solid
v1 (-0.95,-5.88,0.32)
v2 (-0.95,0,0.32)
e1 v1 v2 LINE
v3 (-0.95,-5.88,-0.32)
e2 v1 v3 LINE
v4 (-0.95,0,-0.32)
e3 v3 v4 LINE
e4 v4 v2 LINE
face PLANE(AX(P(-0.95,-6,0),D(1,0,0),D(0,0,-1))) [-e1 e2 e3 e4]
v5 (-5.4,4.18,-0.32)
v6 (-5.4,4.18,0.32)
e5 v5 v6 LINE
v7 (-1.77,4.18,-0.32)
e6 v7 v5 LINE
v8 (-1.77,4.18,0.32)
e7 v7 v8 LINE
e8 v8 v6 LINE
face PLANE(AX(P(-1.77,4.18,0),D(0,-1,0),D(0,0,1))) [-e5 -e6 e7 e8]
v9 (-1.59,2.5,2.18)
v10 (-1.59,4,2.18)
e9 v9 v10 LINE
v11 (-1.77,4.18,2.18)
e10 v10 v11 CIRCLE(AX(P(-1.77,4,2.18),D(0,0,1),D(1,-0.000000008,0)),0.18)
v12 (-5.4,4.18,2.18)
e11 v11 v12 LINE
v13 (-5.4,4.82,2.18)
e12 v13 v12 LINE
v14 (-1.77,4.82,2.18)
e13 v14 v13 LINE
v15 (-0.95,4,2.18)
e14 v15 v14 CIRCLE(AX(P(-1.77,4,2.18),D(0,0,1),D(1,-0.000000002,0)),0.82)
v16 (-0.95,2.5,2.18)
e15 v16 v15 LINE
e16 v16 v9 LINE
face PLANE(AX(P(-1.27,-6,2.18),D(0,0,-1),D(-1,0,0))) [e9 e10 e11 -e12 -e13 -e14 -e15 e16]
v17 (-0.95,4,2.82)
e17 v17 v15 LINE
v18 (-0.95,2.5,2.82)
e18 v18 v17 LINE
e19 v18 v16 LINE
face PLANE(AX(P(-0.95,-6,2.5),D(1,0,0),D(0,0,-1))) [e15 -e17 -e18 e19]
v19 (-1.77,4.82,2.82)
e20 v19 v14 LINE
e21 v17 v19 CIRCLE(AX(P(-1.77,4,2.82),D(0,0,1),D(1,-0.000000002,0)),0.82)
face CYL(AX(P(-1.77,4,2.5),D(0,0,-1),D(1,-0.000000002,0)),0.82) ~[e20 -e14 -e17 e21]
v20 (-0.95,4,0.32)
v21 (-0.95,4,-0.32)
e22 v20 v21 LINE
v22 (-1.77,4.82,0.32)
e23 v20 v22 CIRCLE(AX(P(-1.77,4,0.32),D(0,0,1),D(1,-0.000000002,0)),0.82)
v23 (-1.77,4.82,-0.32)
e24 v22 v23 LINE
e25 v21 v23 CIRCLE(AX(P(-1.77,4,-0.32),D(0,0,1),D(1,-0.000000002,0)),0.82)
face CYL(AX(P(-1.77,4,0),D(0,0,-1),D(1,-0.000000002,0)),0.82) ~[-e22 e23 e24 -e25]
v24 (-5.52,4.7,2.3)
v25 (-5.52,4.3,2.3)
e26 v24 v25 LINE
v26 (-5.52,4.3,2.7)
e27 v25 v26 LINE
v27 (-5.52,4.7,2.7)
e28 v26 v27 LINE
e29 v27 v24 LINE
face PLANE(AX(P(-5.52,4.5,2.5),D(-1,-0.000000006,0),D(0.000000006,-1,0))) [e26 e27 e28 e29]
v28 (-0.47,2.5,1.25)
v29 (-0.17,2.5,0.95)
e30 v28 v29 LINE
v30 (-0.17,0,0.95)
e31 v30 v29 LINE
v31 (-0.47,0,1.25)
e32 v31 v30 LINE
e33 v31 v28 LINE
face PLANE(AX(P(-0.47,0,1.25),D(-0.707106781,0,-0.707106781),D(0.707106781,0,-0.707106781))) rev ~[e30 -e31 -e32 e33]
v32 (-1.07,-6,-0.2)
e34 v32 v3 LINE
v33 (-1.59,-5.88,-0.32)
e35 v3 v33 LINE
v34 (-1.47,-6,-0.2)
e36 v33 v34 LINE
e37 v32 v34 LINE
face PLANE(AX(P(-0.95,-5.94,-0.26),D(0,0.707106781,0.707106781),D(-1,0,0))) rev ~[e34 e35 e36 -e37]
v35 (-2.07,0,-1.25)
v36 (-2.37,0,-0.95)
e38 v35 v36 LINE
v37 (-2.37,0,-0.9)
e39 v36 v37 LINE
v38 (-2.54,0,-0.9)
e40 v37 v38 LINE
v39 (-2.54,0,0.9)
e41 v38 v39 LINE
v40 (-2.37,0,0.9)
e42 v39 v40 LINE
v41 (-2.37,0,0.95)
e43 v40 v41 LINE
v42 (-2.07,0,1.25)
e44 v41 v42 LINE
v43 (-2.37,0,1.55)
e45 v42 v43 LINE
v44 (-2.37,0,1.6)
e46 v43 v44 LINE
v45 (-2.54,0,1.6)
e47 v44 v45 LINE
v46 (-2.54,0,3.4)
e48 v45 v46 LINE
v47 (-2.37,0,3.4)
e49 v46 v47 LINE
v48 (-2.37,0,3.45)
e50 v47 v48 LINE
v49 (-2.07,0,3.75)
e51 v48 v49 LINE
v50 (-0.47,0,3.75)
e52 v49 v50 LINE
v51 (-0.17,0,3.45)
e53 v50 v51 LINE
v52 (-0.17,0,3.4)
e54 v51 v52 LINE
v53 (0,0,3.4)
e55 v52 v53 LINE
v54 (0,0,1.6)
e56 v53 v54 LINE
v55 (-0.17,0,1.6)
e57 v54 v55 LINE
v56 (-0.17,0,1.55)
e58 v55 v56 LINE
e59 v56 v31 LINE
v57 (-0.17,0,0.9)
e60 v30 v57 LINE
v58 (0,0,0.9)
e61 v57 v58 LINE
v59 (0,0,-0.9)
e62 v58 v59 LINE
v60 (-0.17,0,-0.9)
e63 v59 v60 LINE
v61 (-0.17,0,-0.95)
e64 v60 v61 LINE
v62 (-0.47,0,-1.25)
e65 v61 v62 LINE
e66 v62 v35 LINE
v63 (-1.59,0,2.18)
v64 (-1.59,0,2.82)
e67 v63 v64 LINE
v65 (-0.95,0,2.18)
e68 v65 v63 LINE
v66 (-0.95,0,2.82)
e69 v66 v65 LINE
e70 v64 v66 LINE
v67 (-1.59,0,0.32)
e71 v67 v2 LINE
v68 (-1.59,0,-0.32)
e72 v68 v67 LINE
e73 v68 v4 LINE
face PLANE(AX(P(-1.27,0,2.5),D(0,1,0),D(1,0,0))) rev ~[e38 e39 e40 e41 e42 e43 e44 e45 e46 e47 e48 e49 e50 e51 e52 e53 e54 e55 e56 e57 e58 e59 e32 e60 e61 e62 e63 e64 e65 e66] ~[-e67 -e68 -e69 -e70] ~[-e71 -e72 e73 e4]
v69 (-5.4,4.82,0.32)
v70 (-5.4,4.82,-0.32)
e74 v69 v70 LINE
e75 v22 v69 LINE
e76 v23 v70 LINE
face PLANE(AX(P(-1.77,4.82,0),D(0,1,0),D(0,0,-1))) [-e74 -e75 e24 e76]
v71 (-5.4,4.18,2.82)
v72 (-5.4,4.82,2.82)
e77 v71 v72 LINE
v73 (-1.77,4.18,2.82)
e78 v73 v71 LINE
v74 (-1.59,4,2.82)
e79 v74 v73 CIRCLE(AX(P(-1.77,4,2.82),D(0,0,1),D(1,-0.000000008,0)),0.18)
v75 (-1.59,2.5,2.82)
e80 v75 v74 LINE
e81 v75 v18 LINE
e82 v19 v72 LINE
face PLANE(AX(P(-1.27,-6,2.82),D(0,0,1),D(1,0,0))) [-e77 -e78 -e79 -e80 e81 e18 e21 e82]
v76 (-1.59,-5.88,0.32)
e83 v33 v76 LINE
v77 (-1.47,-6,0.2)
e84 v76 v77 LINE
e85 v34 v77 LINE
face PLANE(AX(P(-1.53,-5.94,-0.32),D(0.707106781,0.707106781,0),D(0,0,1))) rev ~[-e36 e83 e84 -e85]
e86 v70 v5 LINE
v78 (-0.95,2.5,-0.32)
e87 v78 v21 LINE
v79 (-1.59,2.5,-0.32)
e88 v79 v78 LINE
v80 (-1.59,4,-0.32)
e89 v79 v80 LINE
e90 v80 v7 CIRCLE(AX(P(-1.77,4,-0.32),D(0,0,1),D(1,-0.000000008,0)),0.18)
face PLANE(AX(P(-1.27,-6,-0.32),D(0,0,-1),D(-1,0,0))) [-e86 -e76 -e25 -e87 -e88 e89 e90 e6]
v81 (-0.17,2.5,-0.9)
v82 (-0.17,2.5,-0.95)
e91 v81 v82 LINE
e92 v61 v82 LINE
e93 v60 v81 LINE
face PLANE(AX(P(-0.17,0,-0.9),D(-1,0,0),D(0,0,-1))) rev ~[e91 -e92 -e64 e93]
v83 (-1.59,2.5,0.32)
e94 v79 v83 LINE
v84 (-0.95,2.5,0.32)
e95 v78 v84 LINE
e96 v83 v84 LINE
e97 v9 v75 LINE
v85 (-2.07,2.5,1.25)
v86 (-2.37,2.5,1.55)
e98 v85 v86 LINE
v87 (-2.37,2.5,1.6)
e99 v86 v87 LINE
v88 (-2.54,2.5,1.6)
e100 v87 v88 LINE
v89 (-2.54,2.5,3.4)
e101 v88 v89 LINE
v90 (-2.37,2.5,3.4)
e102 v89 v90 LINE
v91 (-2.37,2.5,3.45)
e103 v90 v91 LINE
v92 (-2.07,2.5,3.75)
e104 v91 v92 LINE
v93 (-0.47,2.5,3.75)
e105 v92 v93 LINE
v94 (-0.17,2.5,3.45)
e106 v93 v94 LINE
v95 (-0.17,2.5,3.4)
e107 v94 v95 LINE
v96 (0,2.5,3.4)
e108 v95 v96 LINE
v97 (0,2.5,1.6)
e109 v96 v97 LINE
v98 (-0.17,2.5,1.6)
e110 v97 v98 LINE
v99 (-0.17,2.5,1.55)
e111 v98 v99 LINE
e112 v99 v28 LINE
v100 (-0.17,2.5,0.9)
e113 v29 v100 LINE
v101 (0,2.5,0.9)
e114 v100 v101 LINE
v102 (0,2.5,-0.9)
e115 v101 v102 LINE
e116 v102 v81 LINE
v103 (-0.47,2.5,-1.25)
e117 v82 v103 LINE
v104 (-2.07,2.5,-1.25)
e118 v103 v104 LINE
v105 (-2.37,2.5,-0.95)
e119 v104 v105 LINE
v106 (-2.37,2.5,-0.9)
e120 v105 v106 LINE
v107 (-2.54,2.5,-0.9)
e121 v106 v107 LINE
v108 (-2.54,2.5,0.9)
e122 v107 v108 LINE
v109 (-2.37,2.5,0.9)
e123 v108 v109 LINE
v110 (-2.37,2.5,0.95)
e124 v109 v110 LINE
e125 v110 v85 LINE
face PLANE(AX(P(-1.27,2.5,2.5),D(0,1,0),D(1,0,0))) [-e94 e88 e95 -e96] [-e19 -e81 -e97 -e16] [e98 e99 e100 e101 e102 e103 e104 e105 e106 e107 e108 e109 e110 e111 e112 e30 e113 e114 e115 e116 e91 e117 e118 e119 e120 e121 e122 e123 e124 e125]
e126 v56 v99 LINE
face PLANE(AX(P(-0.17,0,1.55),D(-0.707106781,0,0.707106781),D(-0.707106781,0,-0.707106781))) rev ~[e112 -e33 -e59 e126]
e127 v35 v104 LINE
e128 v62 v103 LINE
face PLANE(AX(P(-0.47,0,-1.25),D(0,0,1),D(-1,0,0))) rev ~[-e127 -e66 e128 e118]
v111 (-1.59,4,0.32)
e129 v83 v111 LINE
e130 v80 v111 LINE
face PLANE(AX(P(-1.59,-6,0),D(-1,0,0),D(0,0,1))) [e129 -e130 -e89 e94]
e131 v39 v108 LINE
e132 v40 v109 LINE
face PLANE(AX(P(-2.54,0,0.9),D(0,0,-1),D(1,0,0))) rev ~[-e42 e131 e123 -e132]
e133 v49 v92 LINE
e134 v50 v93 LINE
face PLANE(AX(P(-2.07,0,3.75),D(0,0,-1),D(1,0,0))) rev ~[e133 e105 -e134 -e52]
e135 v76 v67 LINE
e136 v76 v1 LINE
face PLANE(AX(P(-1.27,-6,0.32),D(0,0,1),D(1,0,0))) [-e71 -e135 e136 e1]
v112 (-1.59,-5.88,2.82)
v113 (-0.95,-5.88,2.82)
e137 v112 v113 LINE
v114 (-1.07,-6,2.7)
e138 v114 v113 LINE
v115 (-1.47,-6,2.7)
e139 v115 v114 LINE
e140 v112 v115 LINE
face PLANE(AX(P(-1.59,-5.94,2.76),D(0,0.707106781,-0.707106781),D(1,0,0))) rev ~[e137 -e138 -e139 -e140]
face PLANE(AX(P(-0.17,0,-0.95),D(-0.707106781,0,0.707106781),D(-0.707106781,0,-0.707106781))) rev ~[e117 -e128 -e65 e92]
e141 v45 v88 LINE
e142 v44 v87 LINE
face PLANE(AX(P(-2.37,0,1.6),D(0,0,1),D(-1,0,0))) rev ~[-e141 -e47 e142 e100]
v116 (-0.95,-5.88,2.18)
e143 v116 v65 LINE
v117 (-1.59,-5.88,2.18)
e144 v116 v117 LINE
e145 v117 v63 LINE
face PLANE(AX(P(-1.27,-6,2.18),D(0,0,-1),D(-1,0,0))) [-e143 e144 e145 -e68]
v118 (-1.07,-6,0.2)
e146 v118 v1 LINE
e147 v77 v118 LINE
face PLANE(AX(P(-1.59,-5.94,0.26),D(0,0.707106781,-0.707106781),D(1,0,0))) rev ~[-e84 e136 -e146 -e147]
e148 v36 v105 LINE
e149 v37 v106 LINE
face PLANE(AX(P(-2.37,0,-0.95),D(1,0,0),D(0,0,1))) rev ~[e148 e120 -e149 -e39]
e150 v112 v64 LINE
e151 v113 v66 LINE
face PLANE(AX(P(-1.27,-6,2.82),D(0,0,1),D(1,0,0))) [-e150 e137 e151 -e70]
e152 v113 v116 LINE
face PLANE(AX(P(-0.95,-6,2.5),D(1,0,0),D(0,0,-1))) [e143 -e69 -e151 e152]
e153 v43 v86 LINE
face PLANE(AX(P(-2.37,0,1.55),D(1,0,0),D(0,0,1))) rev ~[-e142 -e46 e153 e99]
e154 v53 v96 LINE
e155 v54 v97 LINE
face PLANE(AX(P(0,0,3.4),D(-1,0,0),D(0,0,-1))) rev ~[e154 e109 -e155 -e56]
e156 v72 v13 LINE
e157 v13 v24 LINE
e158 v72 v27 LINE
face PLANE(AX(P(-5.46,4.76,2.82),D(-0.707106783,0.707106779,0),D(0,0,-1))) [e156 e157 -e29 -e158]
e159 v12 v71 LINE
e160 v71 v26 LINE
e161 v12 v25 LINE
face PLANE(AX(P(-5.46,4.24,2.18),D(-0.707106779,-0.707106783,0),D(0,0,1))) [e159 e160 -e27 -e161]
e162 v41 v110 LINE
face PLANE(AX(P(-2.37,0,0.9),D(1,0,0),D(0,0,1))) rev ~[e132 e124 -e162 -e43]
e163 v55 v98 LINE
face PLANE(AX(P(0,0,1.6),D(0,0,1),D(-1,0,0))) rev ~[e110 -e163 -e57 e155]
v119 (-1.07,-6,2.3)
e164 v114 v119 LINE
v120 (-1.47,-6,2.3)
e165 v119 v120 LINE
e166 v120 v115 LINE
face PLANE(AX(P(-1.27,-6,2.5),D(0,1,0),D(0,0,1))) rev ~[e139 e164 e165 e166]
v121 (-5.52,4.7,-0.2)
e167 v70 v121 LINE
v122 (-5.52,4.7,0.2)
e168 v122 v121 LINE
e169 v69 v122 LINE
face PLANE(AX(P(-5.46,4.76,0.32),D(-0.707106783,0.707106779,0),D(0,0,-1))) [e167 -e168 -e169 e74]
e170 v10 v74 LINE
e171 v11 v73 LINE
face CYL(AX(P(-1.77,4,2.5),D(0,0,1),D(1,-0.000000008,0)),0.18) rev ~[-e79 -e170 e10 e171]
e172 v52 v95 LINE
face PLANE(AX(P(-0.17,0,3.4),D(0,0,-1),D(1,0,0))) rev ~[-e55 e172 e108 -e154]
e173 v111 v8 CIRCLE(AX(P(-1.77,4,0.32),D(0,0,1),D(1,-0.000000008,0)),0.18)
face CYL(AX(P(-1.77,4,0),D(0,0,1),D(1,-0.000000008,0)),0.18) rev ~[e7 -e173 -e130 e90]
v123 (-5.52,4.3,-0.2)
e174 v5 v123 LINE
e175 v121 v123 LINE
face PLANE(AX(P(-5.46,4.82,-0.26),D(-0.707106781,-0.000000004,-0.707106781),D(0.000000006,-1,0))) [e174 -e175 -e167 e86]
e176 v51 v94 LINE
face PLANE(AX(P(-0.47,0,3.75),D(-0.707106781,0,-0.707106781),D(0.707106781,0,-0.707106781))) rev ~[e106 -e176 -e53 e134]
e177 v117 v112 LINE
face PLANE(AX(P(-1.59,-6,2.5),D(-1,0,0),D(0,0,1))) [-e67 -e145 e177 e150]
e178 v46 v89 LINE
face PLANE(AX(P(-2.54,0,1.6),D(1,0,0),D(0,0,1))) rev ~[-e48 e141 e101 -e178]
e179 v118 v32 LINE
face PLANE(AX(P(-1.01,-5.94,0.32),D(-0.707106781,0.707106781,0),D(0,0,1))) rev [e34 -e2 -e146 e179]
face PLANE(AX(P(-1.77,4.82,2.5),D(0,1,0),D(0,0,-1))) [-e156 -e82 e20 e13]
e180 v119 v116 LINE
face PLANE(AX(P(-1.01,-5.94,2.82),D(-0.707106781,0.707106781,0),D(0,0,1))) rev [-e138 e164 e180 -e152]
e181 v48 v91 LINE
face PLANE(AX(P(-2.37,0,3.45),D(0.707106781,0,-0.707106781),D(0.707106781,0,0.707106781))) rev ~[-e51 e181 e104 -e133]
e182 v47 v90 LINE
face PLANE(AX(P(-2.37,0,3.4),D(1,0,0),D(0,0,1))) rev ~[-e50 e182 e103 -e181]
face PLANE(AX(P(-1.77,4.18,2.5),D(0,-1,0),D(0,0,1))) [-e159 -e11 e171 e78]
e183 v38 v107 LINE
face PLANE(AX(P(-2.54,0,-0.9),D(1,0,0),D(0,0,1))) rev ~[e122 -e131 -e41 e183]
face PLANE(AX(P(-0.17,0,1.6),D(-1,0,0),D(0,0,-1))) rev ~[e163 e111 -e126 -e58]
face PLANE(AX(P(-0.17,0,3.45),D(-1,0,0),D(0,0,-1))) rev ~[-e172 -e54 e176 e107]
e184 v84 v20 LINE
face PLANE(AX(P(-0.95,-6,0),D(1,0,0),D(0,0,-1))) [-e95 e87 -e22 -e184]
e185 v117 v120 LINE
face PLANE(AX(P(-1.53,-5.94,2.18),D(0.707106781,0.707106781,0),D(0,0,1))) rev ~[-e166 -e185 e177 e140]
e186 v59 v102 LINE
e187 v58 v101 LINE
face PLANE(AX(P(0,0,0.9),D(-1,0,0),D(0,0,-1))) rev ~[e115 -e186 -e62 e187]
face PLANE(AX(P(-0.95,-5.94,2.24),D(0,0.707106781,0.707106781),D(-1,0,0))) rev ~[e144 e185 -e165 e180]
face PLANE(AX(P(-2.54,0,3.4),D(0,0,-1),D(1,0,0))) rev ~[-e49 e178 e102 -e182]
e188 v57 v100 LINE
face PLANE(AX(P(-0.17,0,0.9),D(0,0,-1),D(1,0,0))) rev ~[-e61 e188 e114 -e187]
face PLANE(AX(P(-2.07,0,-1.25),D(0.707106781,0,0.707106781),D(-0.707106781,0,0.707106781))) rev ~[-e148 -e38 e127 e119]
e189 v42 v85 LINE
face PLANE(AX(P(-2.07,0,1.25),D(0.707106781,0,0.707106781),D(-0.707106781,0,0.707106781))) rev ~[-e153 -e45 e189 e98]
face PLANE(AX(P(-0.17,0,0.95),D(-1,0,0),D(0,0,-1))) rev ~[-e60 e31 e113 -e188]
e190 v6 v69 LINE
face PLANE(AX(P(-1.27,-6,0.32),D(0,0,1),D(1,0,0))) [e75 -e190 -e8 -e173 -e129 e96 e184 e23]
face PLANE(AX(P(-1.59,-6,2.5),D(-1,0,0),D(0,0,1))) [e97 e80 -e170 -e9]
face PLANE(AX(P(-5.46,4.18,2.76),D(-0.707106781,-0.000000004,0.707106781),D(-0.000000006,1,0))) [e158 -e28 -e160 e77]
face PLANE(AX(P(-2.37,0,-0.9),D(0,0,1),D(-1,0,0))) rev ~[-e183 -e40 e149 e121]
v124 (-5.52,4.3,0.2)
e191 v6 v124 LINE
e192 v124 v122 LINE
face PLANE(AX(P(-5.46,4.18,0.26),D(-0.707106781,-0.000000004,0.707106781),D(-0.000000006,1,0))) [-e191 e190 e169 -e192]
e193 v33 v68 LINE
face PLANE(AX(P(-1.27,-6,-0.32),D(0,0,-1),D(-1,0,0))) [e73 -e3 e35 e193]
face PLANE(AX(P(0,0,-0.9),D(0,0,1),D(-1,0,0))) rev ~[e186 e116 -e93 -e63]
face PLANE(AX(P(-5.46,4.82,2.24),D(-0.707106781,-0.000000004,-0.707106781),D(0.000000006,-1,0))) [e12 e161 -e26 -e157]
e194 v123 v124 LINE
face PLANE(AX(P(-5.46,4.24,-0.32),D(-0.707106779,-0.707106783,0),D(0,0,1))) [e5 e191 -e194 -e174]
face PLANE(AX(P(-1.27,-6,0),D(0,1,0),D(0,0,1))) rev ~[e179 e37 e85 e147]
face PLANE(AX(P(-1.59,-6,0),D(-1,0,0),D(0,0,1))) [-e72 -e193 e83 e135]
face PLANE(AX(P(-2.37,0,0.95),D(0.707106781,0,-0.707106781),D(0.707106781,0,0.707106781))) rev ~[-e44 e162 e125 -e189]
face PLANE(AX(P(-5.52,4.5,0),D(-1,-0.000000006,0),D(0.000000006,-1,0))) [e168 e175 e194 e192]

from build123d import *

# Parameters (mm, degrees)
BOSS_EXTRUDE1_DEPTH        = 2.5
SKETCH6_W                  = 0.64
SKETCH6_H                  = 0.64
CUT_EXTRUDE1_DEPTH         = 2.5
SKETCH15_W                 = 0.64
SKETCH15_H                 = 0.64
CHAMFER4_SIZE              = 0.12
LPATTERN5_COUNT            = 2
LPATTERN5_PITCH            = 2.5
CHAMFER4_OF_LPATTERN5_SIZE = 0.12


with BuildPart() as part:
    # Sketch4 → Boss-Extrude1 (new body)
    with BuildSketch(Plane(origin=(0, 0, 0), x_dir=(1, 0, 0), z_dir=(0, 1, 0))):
        Polygon((-2.37, -0.9), (-2.37, -0.95), (-2.07, -1.25), (-0.47, -1.25), (-0.17, -0.95), (-0.17, -0.9), (0, -0.9), (0, 0.9), (-0.17, 0.9), (-0.17, 0.95), (-0.47, 1.25), (-2.07, 1.25), (-2.37, 0.95), (-2.37, 0.9), (-2.54, 0.9), (-2.54, -0.9), align=None)
    boss_extrude1 = extrude(amount=BOSS_EXTRUDE1_DEPTH)

    # Sketch6 → Cut-Extrude1 (cut)
    with BuildSketch(Plane.XZ):
        with Locations((-1.27, 0)):
            Rectangle(SKETCH6_W, SKETCH6_H)
        with Locations((1.27, 0)):
            Rectangle(SKETCH6_W, SKETCH6_H)
    extrude(amount=-CUT_EXTRUDE1_DEPTH, mode=Mode.SUBTRACT)

    # Sweep1: sweep along a path in Sketch17
    with BuildLine(Plane(origin=(0, 0, 0), x_dir=(1, 0, 0), z_dir=(0, 0, -1))) as sweep1_path:
        Line((-1.27, 6), (-1.27, -4))
        ThreePointArc((-1.27, -4), (-1.416446609, -4.353553391), (-1.77, -4.5))
        Line((-1.77, -4.5), (-5.52, -4.5))
    # Sketch15 → Sweep1 (sweep)
    with BuildSketch(Plane(origin=(0, -6, 0), x_dir=(1, 0, 0), z_dir=(0, 1, 0))):
        with Locations((-1.27, 0)):
            Rectangle(SKETCH15_W, SKETCH15_H)
    sweep1 = sweep(path=sweep1_path.line)

    # Chamfer4
    chamfer4_edges = [part.edges().sort_by_distance(p)[0] for p in [
        (-0.95, -6, 0),
        (-1.59, -6, 0),
        (-1.27, -6, -0.32),
        (-1.27, -6, 0.32),
        (-5.52, 4.18, 0),
        (-5.52, 4.5, 0.32),
        (-5.52, 4.82, 0),
        (-5.52, 4.5, -0.32),
    ]]
    chamfer(chamfer4_edges, length=CHAMFER4_SIZE)

    # LPattern5: Boss-Extrude1, Sweep1 ×2
    with Locations(*[(0, 0, i * LPATTERN5_PITCH) for i in range(1, LPATTERN5_COUNT)]):
        add(boss_extrude1)
        add(sweep1)

    # Chamfer4 of LPattern5
    chamfer4_of_lpattern5_edges = [part.edges().sort_by_distance(p)[0] for p in [
        (-0.95, -6, 2.5),
        (-1.59, -6, 2.5),
        (-1.27, -6, 2.18),
        (-1.27, -6, 2.82),
        (-5.52, 4.18, 2.5),
        (-5.52, 4.5, 2.82),
        (-5.52, 4.82, 2.5),
        (-5.52, 4.5, 2.18),
    ]]
    chamfer(chamfer4_of_lpattern5_edges, length=CHAMFER4_OF_LPATTERN5_SIZE)


solid = part.part
